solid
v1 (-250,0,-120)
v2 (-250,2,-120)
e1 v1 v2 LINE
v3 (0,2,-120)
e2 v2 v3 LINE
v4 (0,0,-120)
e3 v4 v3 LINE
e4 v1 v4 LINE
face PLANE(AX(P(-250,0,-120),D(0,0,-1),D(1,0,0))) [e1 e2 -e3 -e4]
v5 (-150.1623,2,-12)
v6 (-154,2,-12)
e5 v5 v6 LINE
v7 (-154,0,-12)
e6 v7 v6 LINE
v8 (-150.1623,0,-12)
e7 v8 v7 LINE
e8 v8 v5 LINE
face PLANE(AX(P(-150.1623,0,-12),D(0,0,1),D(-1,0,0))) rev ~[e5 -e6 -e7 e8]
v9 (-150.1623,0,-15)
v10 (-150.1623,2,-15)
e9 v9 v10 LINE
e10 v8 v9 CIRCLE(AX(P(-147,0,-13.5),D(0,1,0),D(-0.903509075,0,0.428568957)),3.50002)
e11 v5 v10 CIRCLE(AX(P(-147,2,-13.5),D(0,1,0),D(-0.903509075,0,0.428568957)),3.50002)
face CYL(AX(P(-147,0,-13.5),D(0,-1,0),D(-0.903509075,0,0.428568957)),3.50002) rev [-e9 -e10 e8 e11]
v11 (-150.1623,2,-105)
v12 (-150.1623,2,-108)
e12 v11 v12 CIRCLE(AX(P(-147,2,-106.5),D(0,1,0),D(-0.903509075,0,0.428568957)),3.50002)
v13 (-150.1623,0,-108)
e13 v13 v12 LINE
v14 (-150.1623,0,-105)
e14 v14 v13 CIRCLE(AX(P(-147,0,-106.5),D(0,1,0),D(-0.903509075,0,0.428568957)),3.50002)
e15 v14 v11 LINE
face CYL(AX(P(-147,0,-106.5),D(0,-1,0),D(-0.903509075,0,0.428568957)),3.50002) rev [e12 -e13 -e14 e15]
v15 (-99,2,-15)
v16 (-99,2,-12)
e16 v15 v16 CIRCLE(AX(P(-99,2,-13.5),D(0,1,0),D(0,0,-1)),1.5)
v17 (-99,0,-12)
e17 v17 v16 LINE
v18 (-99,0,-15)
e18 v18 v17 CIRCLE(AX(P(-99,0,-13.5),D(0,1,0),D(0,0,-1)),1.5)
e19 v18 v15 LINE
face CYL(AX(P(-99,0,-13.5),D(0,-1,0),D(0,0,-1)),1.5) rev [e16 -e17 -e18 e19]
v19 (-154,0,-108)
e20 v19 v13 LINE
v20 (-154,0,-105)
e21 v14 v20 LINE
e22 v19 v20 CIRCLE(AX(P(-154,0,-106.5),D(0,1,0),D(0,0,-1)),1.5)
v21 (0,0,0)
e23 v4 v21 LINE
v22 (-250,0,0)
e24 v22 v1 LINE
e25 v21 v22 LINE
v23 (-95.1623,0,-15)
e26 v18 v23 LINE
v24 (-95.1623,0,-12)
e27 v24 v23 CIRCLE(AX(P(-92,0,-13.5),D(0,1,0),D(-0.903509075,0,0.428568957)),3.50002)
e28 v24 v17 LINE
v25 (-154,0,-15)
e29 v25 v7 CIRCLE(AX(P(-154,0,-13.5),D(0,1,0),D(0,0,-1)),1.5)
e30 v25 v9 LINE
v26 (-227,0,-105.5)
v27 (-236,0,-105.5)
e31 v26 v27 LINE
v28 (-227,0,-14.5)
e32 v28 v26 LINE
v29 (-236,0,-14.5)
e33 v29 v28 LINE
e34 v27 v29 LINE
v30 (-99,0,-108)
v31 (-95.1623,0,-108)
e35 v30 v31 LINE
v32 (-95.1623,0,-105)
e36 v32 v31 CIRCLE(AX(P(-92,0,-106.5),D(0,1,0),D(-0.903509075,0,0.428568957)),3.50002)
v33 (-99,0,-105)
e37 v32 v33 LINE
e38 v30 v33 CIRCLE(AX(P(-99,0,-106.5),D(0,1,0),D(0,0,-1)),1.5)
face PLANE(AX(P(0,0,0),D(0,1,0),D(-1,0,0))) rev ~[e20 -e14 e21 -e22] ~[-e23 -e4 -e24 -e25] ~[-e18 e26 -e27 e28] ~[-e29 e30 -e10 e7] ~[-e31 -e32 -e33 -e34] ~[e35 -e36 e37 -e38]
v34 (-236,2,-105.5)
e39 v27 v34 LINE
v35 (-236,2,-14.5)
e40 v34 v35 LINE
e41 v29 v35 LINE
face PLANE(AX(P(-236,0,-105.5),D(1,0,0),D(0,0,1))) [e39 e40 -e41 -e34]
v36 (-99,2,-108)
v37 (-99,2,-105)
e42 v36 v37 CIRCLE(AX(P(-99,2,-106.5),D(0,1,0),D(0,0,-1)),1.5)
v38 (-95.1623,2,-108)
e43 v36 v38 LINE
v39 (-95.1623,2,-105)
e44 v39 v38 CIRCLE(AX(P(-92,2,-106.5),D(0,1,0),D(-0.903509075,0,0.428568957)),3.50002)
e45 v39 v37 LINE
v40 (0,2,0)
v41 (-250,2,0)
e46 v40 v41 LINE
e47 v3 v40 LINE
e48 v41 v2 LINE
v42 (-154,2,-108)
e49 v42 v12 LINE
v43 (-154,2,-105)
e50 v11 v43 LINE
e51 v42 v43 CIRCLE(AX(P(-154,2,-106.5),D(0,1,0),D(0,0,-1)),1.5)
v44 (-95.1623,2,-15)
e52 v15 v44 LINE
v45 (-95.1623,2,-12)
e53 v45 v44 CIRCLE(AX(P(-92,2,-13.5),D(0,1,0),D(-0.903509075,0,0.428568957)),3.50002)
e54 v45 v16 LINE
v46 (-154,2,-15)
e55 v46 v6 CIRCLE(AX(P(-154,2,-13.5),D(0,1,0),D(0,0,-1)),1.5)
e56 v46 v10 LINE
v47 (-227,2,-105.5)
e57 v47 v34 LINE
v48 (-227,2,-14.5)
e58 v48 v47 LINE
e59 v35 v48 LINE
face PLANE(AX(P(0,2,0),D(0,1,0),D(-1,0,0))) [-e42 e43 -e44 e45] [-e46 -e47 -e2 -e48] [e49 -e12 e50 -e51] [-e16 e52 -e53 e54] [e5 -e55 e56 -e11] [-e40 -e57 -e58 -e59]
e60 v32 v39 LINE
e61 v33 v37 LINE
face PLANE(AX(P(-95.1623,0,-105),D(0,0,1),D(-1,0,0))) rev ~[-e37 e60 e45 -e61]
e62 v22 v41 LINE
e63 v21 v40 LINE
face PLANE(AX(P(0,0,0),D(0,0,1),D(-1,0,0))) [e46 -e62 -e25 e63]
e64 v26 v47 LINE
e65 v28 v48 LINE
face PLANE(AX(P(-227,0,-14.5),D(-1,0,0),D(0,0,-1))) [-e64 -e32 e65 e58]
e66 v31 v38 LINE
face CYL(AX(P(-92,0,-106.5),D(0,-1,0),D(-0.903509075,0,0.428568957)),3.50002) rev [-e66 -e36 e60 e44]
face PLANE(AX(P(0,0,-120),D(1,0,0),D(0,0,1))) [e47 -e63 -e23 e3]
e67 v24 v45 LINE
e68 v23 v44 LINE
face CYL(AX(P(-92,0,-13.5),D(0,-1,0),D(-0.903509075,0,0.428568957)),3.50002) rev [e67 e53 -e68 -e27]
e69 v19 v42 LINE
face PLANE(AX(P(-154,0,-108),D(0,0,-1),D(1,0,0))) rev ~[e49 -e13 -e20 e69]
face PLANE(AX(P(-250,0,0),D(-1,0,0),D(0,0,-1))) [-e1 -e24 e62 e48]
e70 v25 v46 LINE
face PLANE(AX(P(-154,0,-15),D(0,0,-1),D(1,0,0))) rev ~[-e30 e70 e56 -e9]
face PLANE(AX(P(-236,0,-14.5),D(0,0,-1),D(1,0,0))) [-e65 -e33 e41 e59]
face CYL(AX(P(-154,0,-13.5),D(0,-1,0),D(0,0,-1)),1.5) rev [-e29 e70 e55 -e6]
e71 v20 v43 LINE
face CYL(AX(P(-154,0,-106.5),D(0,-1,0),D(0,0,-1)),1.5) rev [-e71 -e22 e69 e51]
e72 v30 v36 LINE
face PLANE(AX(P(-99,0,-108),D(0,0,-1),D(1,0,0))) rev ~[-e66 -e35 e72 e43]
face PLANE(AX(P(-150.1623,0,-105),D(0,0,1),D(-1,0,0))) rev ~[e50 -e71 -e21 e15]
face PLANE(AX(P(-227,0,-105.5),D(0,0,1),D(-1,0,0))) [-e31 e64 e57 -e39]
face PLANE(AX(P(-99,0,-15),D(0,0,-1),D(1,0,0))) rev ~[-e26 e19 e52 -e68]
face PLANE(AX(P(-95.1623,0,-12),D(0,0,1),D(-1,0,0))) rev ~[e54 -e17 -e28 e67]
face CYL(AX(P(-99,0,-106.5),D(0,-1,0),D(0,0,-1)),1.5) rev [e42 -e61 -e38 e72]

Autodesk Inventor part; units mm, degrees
ref_plane "YZ Plane" through (0, 0, 0) normal (1, 0, 0) x (0, 1, 0)
ref_plane "XZ Plane" through (0, 0, 0) normal (0, 1, 0) x (-1, 0, 0)
ref_plane "XY Plane" through (0, 0, 0) normal (0, 0, 1) x (1, 0, 0)
sketch "Sketch1" plane through (0, 0, 0) normal (0, 1, 0) x (-1, 0, 0)
  line L0 (0, 0) -> (250, 0)
  line L1 (250, 0) -> (250, -120)
  line L2 (250, -120) -> (0, -120)
  line L3 (0, -120) -> (0, 0)
  arc A0 (95.1623, -105) -> (95.1623, -108) centre (92, -106.5) ccw
  line L4 (236, -14.5) -> (227, -14.5)
  line L5 (227, -14.5) -> (227, -105.5)
  line L6 (227, -105.5) -> (236, -105.5)
  line L7 (236, -105.5) -> (236, -14.5)
  line L8 (95.1623, -105) -> (99, -105)
  line L9 (99, -108) -> (95.1623, -108)
  arc A1 (99, -108) -> (99, -105) centre (99, -106.5) ccw
  arc A2 (99, -15) -> (99, -12) centre (99, -13.5) ccw
  line L10 (95.1623, -12) -> (99, -12)
  arc A3 (95.1623, -12) -> (95.1623, -15) centre (92, -13.5) ccw
  line L11 (99, -15) -> (95.1623, -15)
  arc A4 (154, -108) -> (154, -105) centre (154, -106.5) ccw
  line L12 (150.1623, -105) -> (154, -105)
  arc A5 (150.1623, -105) -> (150.1623, -108) centre (147, -106.5) ccw
  line L13 (154, -108) -> (150.1623, -108)
  arc A6 (154, -15) -> (154, -12) centre (154, -13.5) ccw
  line L14 (150.1623, -12) -> (154, -12)
  arc A7 (150.1623, -12) -> (150.1623, -15) centre (147, -13.5) ccw
  line L15 (154, -15) -> (150.1623, -15)
  point P0 (0, -60)
  point P1 (250, -60)
  dimension "d0" = 250
  dimension "d1" = 120
  dimension "d4" = 7
  dimension "d5" = 92
  dimension "d14" = 9
  dimension "d15" = 91
  dimension "d16" = 45.5
  dimension "d28" = 46.5
  dimension "d31" = 3
  dimension "d32" = 7
  dimension "d33" = 1.5
  dimension "d34" = 3
  dimension "d35" = 7
  dimension "d38" = 93
  dimension "d41" = 55
  dimension "d44" = 80
extrude "Extrusion1" add sketch "Sketch1" along normal blind 2
equation "\"d4\" = hueco_diam"
equation "\"d5\" = primer_hueco_dist"
equation "\"d14\" = boca_alto"
equation "\"d15\" = boca_ancho"
equation "\"d16\" = 0.5 * boca_ancho"
equation "\"d28\" = 0.5 * huecos_horiz_dist"
equation "\"d31\" = hueco_ranura_ancho"
equation "\"d32\" = -0.5 * hueco_diam + hueco_ranura_largo - 0.5 * hueco_ranura_ancho"
equation "\"d33\" = 0.5 * hueco_ranura_ancho"
equation "\"d34\" = hueco_ranura_ancho"
equation "\"d35\" = -0.5 * hueco_diam + hueco_ranura_largo - 0.5 * hueco_ranura_ancho"
equation "\"d38\" = huecos_horiz_dist"
equation "\"d41\" = hueco_vertical_dist"
equation "\"d44\" = boca_vertical_dist"
equation "\"hueco_diam\" = 7"
equation "\"primer_hueco_dist\" = 92"
equation "\"huecos_horiz_dist\" = 93"
equation "\"hueco_ranura_ancho\" = 3"
equation "\"hueco_ranura_largo\" = 12"
equation "\"hueco_vertical_dist\" = 55"
equation "\"boca_ancho\" = 91"
equation "\"boca_alto\" = 9"
equation "\"boca_vertical_dist\" = 80"
properties part number "CoverImpresoraTermica"
